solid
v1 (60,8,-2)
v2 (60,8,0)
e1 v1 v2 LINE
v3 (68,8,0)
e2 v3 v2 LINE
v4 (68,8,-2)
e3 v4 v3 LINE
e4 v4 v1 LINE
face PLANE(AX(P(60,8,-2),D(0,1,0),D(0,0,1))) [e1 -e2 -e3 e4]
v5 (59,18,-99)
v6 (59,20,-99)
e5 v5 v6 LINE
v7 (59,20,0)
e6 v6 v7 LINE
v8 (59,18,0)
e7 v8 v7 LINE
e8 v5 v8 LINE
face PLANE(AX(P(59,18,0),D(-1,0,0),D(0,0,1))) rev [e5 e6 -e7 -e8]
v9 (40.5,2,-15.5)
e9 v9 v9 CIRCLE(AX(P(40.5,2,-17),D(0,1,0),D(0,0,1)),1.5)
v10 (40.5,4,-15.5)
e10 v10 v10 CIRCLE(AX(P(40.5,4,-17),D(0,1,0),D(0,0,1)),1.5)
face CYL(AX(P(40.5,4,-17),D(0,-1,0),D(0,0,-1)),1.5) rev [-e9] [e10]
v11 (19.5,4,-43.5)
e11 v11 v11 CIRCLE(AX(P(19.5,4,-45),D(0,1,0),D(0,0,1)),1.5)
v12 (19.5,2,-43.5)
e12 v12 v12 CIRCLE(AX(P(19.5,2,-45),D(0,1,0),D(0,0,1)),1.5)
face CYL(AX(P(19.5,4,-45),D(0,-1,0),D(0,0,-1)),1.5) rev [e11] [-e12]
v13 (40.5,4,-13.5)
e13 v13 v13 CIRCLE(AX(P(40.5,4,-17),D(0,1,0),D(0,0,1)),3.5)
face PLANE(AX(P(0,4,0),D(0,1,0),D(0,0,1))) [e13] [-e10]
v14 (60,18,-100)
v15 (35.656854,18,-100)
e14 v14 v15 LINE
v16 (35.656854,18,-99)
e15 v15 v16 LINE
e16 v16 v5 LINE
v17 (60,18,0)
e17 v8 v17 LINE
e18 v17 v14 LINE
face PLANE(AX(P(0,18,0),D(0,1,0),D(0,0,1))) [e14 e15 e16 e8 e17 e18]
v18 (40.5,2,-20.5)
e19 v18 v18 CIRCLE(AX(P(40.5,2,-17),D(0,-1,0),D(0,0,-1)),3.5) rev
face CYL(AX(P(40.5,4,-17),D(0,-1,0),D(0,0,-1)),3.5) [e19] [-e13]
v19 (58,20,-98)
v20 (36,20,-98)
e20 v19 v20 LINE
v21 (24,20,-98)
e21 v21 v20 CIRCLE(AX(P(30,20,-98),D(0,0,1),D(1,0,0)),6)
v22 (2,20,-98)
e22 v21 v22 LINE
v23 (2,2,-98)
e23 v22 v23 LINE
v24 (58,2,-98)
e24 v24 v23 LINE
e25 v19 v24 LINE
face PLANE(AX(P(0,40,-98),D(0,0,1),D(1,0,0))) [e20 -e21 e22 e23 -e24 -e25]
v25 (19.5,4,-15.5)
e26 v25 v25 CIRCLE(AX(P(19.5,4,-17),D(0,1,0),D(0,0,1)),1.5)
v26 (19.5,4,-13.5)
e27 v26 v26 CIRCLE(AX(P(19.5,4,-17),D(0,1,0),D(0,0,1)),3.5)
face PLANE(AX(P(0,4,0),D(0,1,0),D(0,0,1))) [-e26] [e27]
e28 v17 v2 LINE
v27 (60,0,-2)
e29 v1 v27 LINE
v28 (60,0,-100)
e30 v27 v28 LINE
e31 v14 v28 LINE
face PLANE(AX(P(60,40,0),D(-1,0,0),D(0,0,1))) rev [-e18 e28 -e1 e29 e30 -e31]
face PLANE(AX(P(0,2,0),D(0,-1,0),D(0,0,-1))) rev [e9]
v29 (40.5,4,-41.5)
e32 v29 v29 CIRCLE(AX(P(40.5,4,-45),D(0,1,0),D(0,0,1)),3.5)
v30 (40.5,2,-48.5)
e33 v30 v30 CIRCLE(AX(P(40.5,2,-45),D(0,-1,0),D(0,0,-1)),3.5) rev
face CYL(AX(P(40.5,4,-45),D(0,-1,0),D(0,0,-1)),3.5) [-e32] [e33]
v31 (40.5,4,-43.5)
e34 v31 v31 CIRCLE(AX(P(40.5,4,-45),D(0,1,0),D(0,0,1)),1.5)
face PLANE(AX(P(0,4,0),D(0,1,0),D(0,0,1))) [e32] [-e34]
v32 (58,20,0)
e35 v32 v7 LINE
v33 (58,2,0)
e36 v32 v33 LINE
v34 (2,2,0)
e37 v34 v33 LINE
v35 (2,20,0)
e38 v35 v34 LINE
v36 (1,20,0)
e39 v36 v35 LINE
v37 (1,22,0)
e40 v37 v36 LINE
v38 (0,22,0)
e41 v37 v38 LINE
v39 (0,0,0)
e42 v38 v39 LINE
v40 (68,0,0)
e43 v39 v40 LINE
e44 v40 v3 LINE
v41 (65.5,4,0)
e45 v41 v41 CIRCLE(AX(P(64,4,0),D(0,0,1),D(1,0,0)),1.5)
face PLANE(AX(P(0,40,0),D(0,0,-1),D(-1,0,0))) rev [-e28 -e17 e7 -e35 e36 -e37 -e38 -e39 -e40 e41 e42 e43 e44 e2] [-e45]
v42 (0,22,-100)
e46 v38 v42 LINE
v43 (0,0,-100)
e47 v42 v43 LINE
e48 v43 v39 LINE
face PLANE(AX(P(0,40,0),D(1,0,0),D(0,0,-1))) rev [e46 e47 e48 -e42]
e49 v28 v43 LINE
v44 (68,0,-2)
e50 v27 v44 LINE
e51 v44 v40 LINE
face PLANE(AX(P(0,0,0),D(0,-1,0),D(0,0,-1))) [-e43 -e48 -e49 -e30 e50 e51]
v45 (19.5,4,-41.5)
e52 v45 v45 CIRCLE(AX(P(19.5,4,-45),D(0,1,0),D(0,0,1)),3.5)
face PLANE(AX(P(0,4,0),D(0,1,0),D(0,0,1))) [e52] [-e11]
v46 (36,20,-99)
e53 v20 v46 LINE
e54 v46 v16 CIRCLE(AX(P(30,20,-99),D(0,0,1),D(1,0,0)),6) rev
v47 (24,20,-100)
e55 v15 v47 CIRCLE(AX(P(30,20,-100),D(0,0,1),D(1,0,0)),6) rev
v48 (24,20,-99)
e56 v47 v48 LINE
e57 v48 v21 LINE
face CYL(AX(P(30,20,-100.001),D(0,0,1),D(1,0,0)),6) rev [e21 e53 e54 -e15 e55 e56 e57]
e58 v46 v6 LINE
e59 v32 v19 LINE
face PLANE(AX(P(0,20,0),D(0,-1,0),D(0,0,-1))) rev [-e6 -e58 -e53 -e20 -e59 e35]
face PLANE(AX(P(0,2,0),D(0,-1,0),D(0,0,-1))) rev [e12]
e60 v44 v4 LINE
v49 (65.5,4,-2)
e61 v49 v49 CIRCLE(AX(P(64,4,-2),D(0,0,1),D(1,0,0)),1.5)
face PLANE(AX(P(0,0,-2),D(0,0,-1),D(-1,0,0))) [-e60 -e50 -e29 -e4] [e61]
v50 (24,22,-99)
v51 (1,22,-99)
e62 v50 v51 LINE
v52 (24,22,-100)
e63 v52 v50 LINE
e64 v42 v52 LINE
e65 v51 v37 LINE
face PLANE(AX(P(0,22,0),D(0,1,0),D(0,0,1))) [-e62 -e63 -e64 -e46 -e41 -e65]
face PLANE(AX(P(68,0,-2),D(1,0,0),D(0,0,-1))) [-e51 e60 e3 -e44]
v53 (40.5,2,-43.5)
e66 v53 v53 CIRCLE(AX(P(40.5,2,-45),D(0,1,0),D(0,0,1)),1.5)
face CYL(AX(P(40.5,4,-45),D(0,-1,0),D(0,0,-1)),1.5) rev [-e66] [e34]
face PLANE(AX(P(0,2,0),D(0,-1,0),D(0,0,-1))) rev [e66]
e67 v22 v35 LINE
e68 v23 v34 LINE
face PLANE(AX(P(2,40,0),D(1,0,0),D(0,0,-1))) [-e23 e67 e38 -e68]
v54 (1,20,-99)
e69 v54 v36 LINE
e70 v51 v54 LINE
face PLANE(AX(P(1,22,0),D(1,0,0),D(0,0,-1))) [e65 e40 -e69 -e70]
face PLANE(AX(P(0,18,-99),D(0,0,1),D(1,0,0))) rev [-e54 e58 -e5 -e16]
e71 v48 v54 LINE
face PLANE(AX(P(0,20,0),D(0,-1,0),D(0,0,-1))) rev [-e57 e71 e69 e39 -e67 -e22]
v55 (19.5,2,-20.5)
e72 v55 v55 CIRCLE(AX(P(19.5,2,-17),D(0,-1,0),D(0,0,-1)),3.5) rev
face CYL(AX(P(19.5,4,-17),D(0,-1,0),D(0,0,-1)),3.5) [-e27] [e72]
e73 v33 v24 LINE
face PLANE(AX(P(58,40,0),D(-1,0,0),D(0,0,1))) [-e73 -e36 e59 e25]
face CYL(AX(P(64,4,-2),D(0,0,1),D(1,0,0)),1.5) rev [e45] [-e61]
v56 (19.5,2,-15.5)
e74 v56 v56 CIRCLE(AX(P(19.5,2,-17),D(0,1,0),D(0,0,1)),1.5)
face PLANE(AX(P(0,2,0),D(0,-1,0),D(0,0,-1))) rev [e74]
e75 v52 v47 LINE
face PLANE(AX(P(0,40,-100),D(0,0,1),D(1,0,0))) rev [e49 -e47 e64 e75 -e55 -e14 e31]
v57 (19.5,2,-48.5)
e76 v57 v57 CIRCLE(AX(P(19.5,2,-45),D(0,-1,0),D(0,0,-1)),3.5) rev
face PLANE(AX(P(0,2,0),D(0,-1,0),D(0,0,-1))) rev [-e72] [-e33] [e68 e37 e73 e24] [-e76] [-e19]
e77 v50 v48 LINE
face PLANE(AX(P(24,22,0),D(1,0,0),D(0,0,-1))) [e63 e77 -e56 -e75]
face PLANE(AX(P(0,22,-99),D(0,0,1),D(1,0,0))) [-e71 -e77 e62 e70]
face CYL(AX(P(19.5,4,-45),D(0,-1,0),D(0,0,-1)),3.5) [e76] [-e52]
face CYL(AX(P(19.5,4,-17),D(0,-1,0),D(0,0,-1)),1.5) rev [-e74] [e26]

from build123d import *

# Parameters (mm, degrees)
SKETCH3_W           = 60
SKETCH3_H           = 100
BOSS_EXTRUDE1_DEPTH = 40
SHELL1_T            = -2
SKETCH2_R           = 3.5
SKETCH2_R_2         = 1.5
BOSS_EXTRUDE2_DEPTH = 2
CUT_EXTRUDE1_REACH  = 120.322
SKETCH4_W           = 60
SKETCH4_H           = 100
CUT_EXTRUDE2_REACH  = 118.636
SKETCH5_R           = 6
CUT_EXTRUDE3_DEPTH  = 2
BOSS_EXTRUDE3_DEPTH = 2
SKETCH7_W           = 8
SKETCH7_H           = 8
SKETCH7_R           = 1.5
BOSS_EXTRUDE4_DEPTH = 2


with BuildPart() as part:
    # Sketch3 → Boss-Extrude1 (new body)
    with BuildSketch(Plane(origin=(0, 0, 0), x_dir=(1, 0, 0), z_dir=(0, 1, 0))):
        with Locations((30, 50)):
            Rectangle(SKETCH3_W, SKETCH3_H)
    extrude(amount=BOSS_EXTRUDE1_DEPTH)

    # Shell1
    shell1_openings = [part.faces().sort_by_distance(p)[0] for p in [
        (30, 20, 0),
    ]]
    offset(amount=SHELL1_T, openings=shell1_openings, kind=Kind.INTERSECTION)

    # Sketch2 → Boss-Extrude2 (add)
    # profile 1 of 4: a face of its own
    with BuildSketch(Plane(origin=(0, 2, 0), x_dir=(1, 0, 0), z_dir=(0, 1, 0))):
        with Locations((19.5, 45)):
            Circle(SKETCH2_R)
        with Locations((19.5, 45)):
            Circle(SKETCH2_R_2, mode=Mode.SUBTRACT)
    # profile 2 of 4: a face of its own
    with BuildSketch(Plane(origin=(0, 2, 0), x_dir=(1, 0, 0), z_dir=(0, 1, 0))):
        with Locations((40.5, 45)):
            Circle(SKETCH2_R)
        with Locations((40.5, 45)):
            Circle(SKETCH2_R_2, mode=Mode.SUBTRACT)
    # profile 3 of 4: a face of its own
    with BuildSketch(Plane(origin=(0, 2, 0), x_dir=(1, 0, 0), z_dir=(0, 1, 0))):
        with Locations((40.5, 17)):
            Circle(SKETCH2_R)
        with Locations((40.5, 17)):
            Circle(SKETCH2_R_2, mode=Mode.SUBTRACT)
    # profile 4 of 4: a face of its own
    with BuildSketch(Plane(origin=(0, 2, 0), x_dir=(1, 0, 0), z_dir=(0, 1, 0))):
        with Locations((19.5, 17)):
            Circle(SKETCH2_R)
        with Locations((19.5, 17)):
            Circle(SKETCH2_R_2, mode=Mode.SUBTRACT)
    extrude(amount=BOSS_EXTRUDE2_DEPTH)

    # Sketch4 → Cut-Extrude1 (cut, up to next)
    with BuildSketch(Plane(origin=(0, 20, 0), x_dir=(1, 0, 0), z_dir=(0, 1, 0)), mode=Mode.PRIVATE) as cut_extrude1_sk1:
        with Locations((30, 50)):
            Rectangle(SKETCH4_W, SKETCH4_H)
    cut_extrude1_tool1 = extrude(cut_extrude1_sk1.sketch, amount=CUT_EXTRUDE1_REACH, mode=Mode.PRIVATE) & part.part
    add(cut_extrude1_tool1.solids().sort_by_distance((30, 20, -50))[0], mode=Mode.SUBTRACT)

    # Sketch5 → Cut-Extrude2 (cut, up to next)
    with BuildSketch(Plane.XY.offset(-98), mode=Mode.PRIVATE) as cut_extrude2_sk1:
        with Locations((30, 20)):
            Circle(SKETCH5_R)
    cut_extrude2_tool1 = extrude(cut_extrude2_sk1.sketch, amount=-CUT_EXTRUDE2_REACH, mode=Mode.PRIVATE) & part.part
    add(cut_extrude2_tool1.solids().sort_by_distance((30, 20, -98))[0], mode=Mode.SUBTRACT)

    # Sketch6 → Cut-Extrude3 (cut)
    with BuildSketch(Plane(origin=(0, 20, 0), x_dir=(1, 0, 0), z_dir=(0, 1, 0))):
        Polygon((30, 100), (30, 99), (59, 99), (59, 0), (60, 0), (60, 100), align=None)
    extrude(amount=-CUT_EXTRUDE3_DEPTH, mode=Mode.SUBTRACT)

    # Sketch6<3> → Boss-Extrude3 (add)
    with BuildSketch(Plane(origin=(0, 20, 0), x_dir=(1, 0, 0), z_dir=(0, 1, 0))):
        Polygon((24, 99), (24, 100), (0, 100), (0, 0), (1, 0), (1, 99), align=None)
    extrude(amount=BOSS_EXTRUDE3_DEPTH)

    # Sketch7 → Boss-Extrude4 (add)
    with BuildSketch(Plane.XY):
        with Locations((64, 4)):
            Rectangle(SKETCH7_W, SKETCH7_H)
        with Locations((64, 4)):
            Circle(SKETCH7_R, mode=Mode.SUBTRACT)
    extrude(amount=-BOSS_EXTRUDE4_DEPTH)


solid = part.part
